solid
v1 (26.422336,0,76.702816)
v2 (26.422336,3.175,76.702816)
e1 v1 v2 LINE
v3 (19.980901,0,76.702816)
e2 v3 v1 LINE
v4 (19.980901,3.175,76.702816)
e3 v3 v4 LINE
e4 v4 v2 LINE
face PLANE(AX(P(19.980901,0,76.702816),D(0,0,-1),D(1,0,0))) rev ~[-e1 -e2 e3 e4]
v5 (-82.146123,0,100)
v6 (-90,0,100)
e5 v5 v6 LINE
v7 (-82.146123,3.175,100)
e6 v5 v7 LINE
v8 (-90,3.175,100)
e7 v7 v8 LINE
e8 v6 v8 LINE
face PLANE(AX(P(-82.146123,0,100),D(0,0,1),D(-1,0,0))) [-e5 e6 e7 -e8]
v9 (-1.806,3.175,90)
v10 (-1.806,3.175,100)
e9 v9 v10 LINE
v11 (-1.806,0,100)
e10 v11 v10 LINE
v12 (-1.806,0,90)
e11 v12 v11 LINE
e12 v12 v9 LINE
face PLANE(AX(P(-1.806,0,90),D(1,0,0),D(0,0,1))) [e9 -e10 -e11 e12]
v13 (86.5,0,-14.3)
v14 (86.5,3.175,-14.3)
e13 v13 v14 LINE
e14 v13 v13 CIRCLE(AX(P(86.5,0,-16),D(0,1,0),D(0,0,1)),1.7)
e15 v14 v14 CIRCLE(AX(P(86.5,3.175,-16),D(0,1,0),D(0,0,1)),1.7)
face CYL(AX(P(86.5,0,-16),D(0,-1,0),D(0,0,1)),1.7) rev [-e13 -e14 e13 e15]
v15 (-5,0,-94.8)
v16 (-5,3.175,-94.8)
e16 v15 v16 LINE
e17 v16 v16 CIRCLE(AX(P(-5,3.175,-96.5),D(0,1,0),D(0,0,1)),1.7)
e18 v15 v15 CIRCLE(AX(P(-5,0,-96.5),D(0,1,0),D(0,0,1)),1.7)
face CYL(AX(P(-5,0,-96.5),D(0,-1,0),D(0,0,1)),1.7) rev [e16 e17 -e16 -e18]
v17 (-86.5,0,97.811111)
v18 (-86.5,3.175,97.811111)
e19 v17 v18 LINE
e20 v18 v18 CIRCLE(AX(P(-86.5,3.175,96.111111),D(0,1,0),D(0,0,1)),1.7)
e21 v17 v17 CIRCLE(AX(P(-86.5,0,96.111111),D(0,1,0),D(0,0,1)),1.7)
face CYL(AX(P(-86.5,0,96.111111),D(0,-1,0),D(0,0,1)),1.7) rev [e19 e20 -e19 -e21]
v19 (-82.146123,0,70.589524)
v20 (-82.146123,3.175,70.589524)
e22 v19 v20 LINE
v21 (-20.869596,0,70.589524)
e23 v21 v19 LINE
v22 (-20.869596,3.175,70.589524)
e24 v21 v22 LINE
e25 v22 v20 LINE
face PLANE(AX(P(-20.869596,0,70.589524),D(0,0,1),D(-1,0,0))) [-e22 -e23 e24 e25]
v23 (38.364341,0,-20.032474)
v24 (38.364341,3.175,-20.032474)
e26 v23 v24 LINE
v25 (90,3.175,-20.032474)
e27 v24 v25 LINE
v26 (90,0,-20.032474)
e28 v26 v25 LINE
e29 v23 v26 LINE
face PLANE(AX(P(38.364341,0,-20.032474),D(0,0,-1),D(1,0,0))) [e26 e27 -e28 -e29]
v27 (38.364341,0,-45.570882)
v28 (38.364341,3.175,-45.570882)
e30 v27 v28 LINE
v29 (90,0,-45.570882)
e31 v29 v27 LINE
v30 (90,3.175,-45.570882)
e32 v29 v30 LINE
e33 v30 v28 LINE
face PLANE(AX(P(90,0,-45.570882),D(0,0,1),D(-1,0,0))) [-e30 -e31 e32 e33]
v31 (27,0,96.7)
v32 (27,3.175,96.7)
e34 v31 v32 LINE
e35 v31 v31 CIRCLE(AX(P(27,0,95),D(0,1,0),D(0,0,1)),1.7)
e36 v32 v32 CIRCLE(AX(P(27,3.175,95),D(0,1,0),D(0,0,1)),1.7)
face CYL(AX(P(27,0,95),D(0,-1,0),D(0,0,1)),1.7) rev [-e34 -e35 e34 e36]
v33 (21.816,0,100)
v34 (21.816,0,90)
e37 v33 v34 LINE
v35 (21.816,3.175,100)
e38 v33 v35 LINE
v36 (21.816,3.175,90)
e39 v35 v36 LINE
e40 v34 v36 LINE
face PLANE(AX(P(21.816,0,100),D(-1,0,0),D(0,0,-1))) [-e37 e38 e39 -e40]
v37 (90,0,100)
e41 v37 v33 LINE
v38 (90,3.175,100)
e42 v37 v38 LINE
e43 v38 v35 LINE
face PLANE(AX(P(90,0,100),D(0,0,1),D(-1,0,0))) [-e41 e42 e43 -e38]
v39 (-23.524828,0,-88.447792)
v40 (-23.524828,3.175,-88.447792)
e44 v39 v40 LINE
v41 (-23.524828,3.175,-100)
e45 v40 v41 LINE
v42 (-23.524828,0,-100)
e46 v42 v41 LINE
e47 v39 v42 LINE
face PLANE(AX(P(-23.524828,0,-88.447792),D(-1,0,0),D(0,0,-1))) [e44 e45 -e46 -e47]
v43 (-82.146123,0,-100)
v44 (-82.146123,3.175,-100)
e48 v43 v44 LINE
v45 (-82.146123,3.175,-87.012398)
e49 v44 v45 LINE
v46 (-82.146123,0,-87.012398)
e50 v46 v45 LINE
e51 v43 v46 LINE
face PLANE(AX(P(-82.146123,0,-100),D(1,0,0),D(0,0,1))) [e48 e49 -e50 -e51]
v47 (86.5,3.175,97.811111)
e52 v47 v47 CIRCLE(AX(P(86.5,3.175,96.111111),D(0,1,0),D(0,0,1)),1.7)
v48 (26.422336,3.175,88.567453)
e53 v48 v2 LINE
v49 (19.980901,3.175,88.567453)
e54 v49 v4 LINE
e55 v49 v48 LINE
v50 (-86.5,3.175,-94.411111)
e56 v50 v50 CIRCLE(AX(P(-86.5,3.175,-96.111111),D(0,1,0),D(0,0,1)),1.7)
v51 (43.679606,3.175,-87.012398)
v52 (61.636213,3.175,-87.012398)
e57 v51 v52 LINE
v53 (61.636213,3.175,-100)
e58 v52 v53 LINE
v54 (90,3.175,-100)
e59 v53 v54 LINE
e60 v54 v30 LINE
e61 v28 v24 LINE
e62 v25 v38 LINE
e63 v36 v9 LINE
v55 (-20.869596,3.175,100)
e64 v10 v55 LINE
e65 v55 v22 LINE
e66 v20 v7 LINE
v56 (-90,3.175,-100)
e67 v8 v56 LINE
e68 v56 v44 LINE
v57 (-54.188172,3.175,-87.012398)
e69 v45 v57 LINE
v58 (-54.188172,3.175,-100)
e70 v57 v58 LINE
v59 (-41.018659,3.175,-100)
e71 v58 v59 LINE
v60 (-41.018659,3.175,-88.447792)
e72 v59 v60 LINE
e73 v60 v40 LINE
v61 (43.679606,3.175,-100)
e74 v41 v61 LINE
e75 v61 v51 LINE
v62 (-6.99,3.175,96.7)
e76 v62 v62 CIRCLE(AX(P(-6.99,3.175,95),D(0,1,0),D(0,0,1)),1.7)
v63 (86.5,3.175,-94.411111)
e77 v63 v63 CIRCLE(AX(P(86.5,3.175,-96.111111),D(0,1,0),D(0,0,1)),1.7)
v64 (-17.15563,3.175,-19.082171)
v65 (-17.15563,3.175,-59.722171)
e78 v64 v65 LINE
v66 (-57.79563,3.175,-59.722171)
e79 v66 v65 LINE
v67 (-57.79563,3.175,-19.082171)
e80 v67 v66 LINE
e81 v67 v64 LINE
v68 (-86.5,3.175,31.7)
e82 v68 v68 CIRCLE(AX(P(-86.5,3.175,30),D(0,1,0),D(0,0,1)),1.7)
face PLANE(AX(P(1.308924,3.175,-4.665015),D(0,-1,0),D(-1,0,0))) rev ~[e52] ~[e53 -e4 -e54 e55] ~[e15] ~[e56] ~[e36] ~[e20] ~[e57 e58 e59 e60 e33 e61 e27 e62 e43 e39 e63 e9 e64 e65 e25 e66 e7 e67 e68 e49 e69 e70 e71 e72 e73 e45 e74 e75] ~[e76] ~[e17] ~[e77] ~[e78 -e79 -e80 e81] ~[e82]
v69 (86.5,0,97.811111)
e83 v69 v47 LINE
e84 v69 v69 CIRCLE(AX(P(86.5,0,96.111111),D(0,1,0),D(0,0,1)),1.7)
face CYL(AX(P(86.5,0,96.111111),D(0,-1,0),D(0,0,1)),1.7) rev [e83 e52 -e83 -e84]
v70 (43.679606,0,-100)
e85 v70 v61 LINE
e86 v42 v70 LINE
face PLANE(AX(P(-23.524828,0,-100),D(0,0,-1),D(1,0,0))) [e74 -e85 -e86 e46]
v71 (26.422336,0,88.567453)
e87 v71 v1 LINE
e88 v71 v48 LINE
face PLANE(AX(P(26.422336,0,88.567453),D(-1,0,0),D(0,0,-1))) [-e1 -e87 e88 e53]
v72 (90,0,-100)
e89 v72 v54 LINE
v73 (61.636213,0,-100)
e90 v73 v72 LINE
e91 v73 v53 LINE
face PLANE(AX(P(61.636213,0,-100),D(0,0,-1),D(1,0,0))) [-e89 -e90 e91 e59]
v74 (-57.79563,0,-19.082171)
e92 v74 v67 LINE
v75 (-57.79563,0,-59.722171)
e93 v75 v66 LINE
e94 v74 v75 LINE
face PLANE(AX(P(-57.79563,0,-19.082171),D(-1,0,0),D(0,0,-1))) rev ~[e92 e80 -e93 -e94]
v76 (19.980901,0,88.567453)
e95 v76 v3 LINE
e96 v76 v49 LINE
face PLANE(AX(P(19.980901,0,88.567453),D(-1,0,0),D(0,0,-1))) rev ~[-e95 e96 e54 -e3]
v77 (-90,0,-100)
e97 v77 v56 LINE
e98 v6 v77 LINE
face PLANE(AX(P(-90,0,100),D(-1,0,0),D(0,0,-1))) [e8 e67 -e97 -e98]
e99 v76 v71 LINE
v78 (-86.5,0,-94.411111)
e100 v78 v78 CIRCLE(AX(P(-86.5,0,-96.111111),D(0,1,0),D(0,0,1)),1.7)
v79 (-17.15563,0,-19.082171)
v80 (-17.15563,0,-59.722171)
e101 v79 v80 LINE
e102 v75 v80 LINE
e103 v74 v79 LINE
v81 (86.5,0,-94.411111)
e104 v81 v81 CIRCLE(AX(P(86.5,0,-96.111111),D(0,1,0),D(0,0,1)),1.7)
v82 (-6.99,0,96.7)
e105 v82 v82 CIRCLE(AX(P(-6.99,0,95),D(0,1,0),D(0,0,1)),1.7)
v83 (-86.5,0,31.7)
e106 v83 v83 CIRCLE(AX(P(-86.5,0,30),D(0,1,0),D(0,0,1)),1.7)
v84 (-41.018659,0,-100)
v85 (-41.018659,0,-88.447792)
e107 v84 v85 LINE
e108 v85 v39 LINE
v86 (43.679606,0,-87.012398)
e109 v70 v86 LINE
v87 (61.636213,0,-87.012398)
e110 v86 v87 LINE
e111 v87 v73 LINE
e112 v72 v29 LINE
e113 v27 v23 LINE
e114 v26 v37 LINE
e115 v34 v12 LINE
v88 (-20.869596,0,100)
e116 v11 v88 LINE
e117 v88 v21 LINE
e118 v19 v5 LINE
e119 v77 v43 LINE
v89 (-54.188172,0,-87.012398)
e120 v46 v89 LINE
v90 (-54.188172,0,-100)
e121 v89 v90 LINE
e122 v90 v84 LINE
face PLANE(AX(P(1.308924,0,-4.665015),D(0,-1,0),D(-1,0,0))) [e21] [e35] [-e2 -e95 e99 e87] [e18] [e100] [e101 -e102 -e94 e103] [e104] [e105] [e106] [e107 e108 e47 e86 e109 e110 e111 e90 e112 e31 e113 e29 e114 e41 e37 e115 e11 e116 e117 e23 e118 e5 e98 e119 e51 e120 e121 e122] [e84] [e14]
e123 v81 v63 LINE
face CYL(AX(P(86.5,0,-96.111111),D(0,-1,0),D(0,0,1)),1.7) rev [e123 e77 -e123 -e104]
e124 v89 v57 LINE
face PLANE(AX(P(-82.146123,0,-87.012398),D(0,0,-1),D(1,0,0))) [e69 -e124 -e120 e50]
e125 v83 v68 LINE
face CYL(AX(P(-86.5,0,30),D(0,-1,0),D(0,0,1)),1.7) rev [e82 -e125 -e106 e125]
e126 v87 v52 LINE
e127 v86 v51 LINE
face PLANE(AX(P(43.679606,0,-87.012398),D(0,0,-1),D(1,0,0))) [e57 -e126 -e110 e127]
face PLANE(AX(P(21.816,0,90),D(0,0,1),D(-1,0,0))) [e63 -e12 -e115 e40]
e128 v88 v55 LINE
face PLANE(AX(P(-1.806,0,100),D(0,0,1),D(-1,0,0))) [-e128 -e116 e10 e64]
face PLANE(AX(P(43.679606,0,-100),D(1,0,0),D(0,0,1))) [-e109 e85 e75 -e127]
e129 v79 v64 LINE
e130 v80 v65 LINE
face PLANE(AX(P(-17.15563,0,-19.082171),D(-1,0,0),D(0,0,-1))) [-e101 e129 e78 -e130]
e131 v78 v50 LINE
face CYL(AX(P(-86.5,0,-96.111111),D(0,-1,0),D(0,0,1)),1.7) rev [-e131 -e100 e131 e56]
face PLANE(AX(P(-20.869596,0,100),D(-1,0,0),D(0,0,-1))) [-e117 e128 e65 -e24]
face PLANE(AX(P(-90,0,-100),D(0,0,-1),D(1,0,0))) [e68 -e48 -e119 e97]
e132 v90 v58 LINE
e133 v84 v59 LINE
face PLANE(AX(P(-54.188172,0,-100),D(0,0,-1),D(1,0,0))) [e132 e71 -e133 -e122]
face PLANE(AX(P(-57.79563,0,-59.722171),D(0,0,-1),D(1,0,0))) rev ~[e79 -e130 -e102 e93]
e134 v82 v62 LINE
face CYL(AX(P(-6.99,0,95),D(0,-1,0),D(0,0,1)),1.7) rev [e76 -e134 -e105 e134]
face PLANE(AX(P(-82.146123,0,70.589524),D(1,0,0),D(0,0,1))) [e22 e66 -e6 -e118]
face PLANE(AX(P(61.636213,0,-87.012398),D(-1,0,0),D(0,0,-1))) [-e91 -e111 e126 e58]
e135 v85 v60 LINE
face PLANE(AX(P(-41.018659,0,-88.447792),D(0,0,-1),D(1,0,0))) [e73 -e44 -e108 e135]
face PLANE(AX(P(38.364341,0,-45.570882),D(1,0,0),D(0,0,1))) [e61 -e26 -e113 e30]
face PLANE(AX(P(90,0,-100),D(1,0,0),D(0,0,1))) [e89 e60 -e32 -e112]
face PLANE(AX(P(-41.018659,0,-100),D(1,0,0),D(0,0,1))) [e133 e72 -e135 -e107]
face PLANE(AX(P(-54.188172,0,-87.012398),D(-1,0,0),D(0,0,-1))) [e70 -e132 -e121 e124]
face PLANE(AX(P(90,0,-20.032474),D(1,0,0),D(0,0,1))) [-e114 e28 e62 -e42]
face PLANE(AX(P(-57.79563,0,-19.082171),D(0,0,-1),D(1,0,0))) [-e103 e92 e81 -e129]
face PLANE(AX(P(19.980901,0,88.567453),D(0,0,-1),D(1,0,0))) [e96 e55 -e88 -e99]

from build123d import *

# Parameters (mm, degrees)
SKETCH1_R           = 1.7
SKETCH1_W           = 40.64
SKETCH1_H           = 40.64
SKETCH1_W_2         = 6.441435375
SKETCH1_H_2         = 11.864636979
BOSS_EXTRUDE1_DEPTH = 3.175


with BuildPart() as part:
    # Sketch1 → Boss-Extrude1 (new body)
    with BuildSketch(Plane(origin=(0, 0, 0), x_dir=(1, 0, 0), z_dir=(0, 1, 0))):
        Polygon((-89.999999959, 100.000000025), (-82.146123441, 100.000000025), (-82.146123441, 87.012397876), (-54.188171851, 87.012397876), (-54.188171851, 100.000000025), (-41.018658576, 100.000000025), (-41.018658576, 88.447791729), (-23.524827511, 88.447791729), (-23.524827511, 100.000000025), (43.67960641, 100.000000025), (43.67960641, 87.012397876), (61.636212859, 87.012397876), (61.636212859, 100.000000025), (89.999999959, 100.000000025), (89.999999959, 45.570881719), (38.364340903, 45.570881719), (38.364340903, 20.032473827), (89.999999959, 20.032473827), (89.999999959, -100.000000025), (21.816000041, -100.000000025), (21.816000041, -90.000000025), (-1.805999959, -90.000000025), (-1.805999959, -100.000000025), (-20.869596106, -100.000000025), (-20.869596106, -70.58952404), (-82.146123441, -70.58952404), (-82.146123441, -100.000000025), (-89.999999959, -100.000000025), align=None)
        with Locations(Location((-86.499999959, 96.111111133, 0), (0, 0, 270))):
            Circle(SKETCH1_R, mode=Mode.SUBTRACT)
        with Locations(Location((-4.999999959, 96.500000025, 0), (0, 0, 270))):
            Circle(SKETCH1_R, mode=Mode.SUBTRACT)
        with Locations(Location((86.500000041, 96.111111224, 0), (0, 0, 270))):
            Circle(SKETCH1_R, mode=Mode.SUBTRACT)
        with Locations(Location((-86.499999959, -96.111111133, 0), (0, 0, 270))):
            Circle(SKETCH1_R, mode=Mode.SUBTRACT)
        with Locations(Location((-6.989999959, -95.000000025, 0), (0, 0, 270))):
            Circle(SKETCH1_R, mode=Mode.SUBTRACT)
        with Locations(Location((27.000000041, -95.000000025, 0), (0, 0, 270))):
            Circle(SKETCH1_R, mode=Mode.SUBTRACT)
        with Locations(Location((86.500000041, -96.111111224, 0), (0, 0, 270))):
            Circle(SKETCH1_R, mode=Mode.SUBTRACT)
        with Locations(Location((86.499999959, 15.999999975, 0), (0, 0, 270))):
            Circle(SKETCH1_R, mode=Mode.SUBTRACT)
        with Locations(Location((-86.499999959, -30.000000025, 0), (0, 0, 270))):
            Circle(SKETCH1_R, mode=Mode.SUBTRACT)
        with Locations((-37.475629524, 39.402171336)):
            Rectangle(SKETCH1_W, SKETCH1_H, mode=Mode.SUBTRACT)
        with Locations((23.20161852, -82.635134039)):
            Rectangle(SKETCH1_W_2, SKETCH1_H_2, mode=Mode.SUBTRACT)
    extrude(amount=BOSS_EXTRUDE1_DEPTH)


solid = part.part
